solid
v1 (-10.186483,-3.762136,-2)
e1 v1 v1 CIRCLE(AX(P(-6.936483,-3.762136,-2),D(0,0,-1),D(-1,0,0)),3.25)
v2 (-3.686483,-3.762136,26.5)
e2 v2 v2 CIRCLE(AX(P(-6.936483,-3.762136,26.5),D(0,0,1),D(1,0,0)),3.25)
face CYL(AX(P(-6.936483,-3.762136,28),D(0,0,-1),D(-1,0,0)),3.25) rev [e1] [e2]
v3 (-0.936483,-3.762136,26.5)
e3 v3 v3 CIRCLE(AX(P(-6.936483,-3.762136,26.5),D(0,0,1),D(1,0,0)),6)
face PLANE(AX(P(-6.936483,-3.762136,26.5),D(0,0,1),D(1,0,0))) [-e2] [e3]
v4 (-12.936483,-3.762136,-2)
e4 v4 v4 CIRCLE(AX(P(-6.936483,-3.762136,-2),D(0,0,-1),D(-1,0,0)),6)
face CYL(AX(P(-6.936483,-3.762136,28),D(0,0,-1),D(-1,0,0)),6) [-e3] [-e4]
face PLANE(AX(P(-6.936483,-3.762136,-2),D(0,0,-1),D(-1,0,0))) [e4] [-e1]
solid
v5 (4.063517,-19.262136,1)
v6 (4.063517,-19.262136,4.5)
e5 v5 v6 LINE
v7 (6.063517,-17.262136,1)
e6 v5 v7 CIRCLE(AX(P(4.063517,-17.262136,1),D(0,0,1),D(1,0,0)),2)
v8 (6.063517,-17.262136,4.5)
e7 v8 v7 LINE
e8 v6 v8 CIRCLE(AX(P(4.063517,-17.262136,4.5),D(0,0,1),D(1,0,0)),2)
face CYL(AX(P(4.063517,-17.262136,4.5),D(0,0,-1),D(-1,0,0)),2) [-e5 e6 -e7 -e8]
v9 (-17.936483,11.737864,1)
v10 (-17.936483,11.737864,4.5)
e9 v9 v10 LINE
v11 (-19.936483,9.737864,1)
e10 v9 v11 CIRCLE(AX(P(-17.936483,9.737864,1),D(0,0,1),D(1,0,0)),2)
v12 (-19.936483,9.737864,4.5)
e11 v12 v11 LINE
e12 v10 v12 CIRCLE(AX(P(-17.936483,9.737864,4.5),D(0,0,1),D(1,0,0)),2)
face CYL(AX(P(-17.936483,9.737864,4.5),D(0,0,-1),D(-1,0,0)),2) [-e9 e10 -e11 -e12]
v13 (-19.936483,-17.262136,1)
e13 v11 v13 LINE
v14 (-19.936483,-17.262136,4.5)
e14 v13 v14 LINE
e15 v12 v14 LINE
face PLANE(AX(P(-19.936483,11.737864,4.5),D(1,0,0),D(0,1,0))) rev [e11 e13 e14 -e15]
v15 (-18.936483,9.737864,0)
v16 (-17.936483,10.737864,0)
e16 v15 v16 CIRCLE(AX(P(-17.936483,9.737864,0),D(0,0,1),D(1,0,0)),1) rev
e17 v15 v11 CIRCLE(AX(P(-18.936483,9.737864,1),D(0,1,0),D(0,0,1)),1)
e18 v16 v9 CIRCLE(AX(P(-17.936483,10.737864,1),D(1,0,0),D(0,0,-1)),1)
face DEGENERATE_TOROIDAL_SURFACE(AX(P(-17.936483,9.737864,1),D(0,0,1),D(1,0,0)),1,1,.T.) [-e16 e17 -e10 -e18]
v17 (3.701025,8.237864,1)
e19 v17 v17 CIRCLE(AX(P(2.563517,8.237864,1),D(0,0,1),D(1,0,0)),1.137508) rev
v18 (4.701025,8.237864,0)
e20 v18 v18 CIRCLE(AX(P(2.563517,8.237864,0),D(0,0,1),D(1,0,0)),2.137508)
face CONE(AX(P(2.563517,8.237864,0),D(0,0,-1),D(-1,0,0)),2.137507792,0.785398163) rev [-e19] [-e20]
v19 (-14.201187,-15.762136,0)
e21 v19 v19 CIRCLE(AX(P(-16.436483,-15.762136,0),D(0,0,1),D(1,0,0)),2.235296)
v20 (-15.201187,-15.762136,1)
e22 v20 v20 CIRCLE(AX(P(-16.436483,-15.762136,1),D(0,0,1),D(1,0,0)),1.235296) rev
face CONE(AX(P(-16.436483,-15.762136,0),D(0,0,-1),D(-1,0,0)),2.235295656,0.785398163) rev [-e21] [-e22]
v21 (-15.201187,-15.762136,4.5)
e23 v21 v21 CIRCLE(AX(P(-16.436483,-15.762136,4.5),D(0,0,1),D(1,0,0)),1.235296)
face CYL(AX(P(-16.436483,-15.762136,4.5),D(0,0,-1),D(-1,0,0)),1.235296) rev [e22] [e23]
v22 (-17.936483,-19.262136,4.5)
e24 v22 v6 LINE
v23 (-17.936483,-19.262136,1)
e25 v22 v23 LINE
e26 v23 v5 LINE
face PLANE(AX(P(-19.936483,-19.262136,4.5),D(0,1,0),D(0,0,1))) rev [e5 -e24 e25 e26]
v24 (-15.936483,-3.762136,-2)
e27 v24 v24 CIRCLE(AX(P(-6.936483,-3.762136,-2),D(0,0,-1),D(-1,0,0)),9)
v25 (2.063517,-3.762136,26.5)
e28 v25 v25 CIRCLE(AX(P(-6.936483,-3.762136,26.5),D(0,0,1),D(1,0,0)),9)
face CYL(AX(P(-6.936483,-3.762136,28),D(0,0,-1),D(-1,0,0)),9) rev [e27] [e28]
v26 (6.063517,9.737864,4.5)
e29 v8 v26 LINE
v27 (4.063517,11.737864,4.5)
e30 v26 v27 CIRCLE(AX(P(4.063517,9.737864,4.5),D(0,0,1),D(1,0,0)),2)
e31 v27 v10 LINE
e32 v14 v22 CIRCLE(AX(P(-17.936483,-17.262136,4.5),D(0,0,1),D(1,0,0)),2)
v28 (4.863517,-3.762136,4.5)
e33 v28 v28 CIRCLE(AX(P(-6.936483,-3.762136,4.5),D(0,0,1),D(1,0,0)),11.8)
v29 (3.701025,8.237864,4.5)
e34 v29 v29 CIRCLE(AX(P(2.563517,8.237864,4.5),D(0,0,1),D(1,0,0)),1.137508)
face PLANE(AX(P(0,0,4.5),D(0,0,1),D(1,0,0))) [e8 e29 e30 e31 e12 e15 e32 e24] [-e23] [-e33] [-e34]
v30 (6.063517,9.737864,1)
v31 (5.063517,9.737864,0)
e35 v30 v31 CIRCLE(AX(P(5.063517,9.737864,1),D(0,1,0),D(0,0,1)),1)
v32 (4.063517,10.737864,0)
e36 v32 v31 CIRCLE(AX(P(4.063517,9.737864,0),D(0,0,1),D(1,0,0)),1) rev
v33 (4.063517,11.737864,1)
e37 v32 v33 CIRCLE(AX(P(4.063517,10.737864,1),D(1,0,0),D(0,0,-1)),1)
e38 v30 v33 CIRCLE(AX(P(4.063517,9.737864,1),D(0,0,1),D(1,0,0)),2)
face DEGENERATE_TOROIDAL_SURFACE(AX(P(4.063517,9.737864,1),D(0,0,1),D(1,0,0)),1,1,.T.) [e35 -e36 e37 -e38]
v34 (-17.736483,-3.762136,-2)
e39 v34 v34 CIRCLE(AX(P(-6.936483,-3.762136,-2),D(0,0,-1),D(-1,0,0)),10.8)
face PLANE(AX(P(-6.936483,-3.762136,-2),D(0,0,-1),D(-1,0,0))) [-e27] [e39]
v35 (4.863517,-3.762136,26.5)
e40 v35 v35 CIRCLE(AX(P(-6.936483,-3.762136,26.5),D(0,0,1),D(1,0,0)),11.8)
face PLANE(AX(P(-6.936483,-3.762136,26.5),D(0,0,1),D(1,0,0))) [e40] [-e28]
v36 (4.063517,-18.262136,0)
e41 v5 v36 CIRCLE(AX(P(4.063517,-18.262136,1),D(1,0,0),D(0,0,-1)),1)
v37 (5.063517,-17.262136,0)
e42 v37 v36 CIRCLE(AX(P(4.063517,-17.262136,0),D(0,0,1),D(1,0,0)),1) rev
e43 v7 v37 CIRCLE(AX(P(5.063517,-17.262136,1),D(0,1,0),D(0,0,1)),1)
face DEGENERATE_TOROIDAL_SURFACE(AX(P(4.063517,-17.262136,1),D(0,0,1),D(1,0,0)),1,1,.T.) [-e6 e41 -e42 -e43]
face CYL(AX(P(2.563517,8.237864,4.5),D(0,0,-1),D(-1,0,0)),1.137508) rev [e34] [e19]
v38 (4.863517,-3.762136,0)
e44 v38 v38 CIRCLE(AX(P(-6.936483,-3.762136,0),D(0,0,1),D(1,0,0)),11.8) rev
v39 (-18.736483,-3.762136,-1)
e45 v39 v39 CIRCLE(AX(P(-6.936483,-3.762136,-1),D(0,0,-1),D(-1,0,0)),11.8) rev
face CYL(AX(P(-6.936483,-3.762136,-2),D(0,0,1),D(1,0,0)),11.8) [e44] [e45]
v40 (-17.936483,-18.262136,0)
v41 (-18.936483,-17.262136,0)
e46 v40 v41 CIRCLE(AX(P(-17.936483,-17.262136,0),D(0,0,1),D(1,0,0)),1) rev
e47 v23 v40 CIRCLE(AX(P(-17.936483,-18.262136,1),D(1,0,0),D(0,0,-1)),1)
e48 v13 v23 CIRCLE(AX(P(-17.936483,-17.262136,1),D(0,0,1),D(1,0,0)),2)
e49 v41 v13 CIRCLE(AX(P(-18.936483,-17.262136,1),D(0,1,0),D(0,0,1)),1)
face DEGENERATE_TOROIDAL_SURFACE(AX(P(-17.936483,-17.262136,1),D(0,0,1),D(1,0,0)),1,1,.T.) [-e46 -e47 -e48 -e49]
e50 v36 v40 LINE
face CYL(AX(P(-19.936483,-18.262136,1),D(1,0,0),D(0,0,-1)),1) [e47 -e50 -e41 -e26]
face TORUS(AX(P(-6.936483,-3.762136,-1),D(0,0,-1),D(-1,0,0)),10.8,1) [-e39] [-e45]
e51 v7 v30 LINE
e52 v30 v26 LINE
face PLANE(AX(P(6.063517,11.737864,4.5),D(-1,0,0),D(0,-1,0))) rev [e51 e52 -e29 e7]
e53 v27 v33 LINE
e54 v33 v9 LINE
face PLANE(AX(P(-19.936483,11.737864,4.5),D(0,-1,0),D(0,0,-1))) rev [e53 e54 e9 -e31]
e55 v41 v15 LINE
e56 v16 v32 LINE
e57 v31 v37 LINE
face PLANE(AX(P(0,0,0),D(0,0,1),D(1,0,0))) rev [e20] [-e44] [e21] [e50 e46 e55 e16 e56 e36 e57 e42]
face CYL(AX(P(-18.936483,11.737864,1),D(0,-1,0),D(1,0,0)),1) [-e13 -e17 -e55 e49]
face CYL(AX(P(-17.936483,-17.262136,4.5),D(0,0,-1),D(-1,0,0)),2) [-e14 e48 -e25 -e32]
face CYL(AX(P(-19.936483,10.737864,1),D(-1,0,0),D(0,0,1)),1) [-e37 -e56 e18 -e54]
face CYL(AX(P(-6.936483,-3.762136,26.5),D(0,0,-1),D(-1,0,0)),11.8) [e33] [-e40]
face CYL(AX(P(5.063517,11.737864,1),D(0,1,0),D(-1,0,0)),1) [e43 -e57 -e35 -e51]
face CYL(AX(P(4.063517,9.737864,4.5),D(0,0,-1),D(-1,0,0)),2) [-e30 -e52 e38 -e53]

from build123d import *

# Parameters (mm, degrees)
ESQUISSE1_W             = 26
ESQUISSE1_H             = 31
ESQUISSE1_R             = 1.137507792
ESQUISSE1_R_2           = 1.235295656
BOSS_EXTRU_1_DEPTH      = 4.5
CHANFREIN1_SIZE         = 1
CONG_1_R                = 2
CONG_2_R                = 1
ESQUISSE2_R             = 11.8
BOSS_EXTRU_2_DEPTH      = 2
CONG_3_R                = 1
ESQUISSE3_R             = 11.8
BOSS_EXTRU_3_DEPTH      = 22
ESQUISSE4_R             = 9
ESQUISSE4_R_2           = 6
ESQUISSE4_R_3           = 3.25
ENL_V_MAT_EXTRU_1_DEPTH = 30


with BuildPart() as part:
    # Esquisse1 → Boss.-Extru.1 (new body)
    with BuildSketch(Plane.XY):
        with Locations((-6.9364829, -3.762135922)):
            Rectangle(ESQUISSE1_W, ESQUISSE1_H)
        with Locations((2.5635171, 8.237864078)):
            Circle(ESQUISSE1_R, mode=Mode.SUBTRACT)
        with Locations((-16.4364829, -15.762135922)):
            Circle(ESQUISSE1_R_2, mode=Mode.SUBTRACT)
    extrude(amount=BOSS_EXTRU_1_DEPTH)

    # Chanfrein1
    chanfrein1_edges = [part.edges().sort_by_distance(p)[0] for p in [
        (1.426009307, 8.237864078, 0),
        (-17.671778557, -15.762135922, 0),
    ]]
    chamfer(chanfrein1_edges, length=CHANFREIN1_SIZE)

    # Congé1
    cong_1_edges = [part.edges().sort_by_distance(p)[0] for p in [
        (-19.9364829, 11.737864078, 2.25),
        (6.0635171, 11.737864078, 2.25),
        (6.0635171, -19.262135922, 2.25),
        (-19.9364829, -19.262135922, 2.25),
    ]]
    fillet(cong_1_edges, radius=CONG_1_R)

    # Congé2
    cong_2_edges = [part.edges().sort_by_distance(p)[0] for p in [
        (-6.9364829, 11.737864078, 0),
        (-19.9364829, -3.762135922, 0),
        (6.0635171, -3.762135922, 0),
        (-6.9364829, -19.262135922, 0),
        (-19.350696463, 11.15207764, 0),
        (-19.350696463, -18.676349485, 0),
        (5.477730662, -18.676349485, 0),
        (5.477730662, 11.15207764, 0),
    ]]
    fillet(cong_2_edges, radius=CONG_2_R)

    # Esquisse2 → Boss.-Extru.2 (add)
    with BuildSketch(Plane(origin=(0, 0, 0), x_dir=(-1, 0, 0), z_dir=(0, 0, -1))):
        with Locations((6.9364829, -3.762135922)):
            Circle(ESQUISSE2_R)
    extrude(amount=BOSS_EXTRU_2_DEPTH)

    # Congé3
    cong_3_edges = [part.edges().sort_by_distance(p)[0] for p in [
        (4.8635171, -3.762135922, -2),
    ]]
    fillet(cong_3_edges, radius=CONG_3_R)

    # Esquisse3 → Boss.-Extru.3 (add)
    with BuildSketch(Plane.XY.offset(4.5)):
        with Locations((-6.9364829, -3.762135922)):
            Circle(ESQUISSE3_R)
    extrude(amount=BOSS_EXTRU_3_DEPTH)

    # Esquisse4 → Enlèv. mat.-Extru.1 (cut)
    with BuildSketch(Plane(origin=(0, 0, -2), x_dir=(-1, 0, 0), z_dir=(0, 0, -1))):
        with Locations((6.9364829, -3.762135922)):
            Circle(ESQUISSE4_R)
        with Locations((6.9364829, -3.762135922)):
            Circle(ESQUISSE4_R_2, mode=Mode.SUBTRACT)
        with Locations((6.9364829, -3.762135922)):
            Circle(ESQUISSE4_R_3)
    extrude(amount=-ENL_V_MAT_EXTRU_1_DEPTH, mode=Mode.SUBTRACT)


solid = part.part
